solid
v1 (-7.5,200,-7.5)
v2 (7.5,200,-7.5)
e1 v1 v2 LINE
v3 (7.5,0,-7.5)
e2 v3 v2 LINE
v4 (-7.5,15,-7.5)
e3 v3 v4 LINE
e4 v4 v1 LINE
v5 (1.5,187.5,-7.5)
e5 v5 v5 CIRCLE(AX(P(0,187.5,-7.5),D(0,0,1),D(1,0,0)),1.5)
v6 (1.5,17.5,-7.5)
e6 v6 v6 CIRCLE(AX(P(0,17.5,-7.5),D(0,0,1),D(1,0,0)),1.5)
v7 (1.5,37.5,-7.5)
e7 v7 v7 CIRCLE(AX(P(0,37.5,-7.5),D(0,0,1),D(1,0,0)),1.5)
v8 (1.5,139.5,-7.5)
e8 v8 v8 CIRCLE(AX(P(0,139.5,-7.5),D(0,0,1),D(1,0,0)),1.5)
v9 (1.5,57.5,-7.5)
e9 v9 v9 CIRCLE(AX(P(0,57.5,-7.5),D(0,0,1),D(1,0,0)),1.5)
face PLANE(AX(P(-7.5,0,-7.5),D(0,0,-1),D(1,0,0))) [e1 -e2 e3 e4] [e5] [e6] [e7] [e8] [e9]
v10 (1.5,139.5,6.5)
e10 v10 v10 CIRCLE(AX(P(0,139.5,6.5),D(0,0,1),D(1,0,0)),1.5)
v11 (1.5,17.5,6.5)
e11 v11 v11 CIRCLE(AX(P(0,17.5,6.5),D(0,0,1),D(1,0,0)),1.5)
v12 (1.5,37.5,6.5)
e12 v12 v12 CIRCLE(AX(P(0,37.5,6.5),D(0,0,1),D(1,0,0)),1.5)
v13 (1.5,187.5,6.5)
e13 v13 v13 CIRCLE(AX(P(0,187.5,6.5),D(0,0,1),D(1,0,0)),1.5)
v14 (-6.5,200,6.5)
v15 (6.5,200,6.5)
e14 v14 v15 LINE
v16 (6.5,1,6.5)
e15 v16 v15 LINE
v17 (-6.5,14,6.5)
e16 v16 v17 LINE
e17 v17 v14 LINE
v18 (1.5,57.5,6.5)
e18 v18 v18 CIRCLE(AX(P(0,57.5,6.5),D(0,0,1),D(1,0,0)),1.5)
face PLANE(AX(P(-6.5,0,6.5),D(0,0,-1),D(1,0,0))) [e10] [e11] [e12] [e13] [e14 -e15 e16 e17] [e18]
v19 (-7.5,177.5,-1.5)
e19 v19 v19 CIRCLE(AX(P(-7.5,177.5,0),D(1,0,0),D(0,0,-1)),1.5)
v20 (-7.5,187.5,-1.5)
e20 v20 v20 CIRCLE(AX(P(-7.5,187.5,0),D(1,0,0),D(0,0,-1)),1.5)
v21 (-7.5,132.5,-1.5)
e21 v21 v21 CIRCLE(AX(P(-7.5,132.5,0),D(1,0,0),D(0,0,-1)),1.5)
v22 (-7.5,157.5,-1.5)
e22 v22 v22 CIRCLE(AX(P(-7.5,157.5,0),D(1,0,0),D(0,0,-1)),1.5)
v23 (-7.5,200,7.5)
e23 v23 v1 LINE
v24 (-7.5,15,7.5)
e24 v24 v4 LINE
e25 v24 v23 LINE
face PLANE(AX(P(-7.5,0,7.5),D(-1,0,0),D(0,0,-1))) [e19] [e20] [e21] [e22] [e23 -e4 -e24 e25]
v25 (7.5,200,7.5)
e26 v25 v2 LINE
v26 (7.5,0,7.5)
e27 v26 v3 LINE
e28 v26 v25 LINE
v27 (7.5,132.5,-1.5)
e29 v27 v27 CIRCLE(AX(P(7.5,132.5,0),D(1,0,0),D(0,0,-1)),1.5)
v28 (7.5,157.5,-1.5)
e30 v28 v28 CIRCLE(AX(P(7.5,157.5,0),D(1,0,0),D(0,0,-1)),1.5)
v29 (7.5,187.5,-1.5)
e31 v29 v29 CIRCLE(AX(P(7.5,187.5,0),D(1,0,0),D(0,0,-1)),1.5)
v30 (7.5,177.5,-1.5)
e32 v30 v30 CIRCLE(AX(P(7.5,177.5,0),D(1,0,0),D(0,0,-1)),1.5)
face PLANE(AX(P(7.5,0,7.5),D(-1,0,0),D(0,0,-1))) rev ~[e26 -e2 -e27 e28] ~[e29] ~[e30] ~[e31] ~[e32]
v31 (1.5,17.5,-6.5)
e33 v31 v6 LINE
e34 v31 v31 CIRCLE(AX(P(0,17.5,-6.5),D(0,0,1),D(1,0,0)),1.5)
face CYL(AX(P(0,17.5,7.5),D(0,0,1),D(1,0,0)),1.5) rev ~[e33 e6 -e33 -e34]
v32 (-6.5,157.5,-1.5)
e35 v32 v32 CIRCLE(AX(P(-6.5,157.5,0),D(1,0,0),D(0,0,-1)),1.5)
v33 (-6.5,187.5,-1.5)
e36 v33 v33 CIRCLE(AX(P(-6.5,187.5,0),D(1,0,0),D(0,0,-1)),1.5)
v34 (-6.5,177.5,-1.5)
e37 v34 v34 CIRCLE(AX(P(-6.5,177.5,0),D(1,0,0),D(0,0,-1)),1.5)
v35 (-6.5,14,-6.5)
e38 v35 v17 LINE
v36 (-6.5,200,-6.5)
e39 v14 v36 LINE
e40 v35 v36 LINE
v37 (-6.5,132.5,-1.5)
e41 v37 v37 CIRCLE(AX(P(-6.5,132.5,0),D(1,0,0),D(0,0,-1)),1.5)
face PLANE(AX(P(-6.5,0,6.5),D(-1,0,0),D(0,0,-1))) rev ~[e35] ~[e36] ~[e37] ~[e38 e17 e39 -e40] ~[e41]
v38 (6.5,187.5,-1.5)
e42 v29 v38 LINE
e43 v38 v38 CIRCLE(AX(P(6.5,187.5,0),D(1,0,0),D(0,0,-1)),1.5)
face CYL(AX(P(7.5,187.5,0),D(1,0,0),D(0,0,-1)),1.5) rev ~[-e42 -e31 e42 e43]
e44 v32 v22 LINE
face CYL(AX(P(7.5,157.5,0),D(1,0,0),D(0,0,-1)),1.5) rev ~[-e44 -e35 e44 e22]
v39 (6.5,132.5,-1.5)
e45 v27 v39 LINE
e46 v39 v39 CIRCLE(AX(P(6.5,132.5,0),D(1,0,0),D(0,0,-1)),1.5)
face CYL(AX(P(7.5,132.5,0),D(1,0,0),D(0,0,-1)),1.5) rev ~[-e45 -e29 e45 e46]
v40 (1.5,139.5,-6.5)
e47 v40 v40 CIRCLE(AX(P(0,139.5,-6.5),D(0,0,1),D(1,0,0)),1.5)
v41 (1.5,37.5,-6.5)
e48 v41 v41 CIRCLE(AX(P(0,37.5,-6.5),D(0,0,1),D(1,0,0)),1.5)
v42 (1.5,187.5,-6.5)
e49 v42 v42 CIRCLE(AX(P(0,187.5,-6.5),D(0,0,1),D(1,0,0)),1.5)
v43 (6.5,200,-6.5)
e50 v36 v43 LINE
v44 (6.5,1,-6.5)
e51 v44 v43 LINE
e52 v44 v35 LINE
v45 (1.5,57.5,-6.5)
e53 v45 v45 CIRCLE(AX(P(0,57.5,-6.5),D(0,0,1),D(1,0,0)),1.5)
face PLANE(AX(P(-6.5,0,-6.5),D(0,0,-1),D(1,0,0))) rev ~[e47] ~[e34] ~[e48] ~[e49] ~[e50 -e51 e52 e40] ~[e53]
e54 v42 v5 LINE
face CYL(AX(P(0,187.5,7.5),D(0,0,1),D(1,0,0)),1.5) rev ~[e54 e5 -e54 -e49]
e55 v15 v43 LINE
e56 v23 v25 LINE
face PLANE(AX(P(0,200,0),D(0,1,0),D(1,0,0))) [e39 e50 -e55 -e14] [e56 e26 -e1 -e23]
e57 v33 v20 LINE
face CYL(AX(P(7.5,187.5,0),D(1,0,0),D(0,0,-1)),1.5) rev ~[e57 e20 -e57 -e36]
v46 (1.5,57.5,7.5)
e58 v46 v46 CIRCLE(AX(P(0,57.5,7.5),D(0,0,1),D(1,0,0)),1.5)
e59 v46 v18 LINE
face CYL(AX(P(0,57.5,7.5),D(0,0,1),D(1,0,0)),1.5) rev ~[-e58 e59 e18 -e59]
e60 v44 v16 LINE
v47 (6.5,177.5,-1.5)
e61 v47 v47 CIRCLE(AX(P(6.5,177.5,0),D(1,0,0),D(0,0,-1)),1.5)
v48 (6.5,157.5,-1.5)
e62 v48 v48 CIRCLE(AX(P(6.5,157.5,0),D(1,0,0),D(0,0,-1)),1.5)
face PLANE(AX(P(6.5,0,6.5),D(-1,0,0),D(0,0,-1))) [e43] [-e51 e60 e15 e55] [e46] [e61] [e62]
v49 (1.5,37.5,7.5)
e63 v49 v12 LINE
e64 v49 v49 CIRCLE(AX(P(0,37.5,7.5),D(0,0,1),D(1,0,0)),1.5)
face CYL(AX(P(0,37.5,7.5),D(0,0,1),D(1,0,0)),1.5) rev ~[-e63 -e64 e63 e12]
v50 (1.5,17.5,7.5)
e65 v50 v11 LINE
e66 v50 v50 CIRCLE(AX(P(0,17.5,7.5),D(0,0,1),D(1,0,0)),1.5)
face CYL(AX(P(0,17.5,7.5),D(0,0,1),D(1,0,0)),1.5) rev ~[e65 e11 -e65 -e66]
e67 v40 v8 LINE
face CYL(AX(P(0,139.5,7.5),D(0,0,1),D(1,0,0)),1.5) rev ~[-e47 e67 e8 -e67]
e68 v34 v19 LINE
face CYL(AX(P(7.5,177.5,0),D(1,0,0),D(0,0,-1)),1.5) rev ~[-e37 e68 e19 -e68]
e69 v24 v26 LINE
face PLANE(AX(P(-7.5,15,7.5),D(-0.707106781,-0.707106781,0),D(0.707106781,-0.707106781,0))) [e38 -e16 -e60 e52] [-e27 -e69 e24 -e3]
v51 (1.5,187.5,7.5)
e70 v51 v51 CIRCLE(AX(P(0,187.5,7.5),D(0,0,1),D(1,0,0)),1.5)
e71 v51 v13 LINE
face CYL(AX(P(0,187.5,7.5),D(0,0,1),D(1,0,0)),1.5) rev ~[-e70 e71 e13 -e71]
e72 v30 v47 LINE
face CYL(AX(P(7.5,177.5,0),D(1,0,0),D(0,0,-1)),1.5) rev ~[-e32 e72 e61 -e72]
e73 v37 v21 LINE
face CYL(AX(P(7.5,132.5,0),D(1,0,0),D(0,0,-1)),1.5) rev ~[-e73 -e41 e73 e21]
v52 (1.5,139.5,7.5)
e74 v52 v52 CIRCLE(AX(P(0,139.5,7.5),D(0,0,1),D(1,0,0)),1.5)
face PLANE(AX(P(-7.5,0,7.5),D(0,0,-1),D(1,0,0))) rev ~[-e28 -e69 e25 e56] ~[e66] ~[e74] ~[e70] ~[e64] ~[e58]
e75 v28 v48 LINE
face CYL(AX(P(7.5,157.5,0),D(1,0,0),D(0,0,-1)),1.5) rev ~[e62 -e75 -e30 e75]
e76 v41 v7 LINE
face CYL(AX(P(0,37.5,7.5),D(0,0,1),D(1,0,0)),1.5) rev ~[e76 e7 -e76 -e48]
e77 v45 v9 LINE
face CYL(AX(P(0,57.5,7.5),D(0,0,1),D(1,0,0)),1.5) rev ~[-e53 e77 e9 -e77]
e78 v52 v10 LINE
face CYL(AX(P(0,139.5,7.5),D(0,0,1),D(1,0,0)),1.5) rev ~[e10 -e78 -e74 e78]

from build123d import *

# Parameters (mm, degrees)
SKETCH_1_W          = 15
SKETCH_1_H          = 15
SKETCH_1_W_2        = 13
SKETCH_1_H_2        = 13
EXTRUDE_1_DEPTH     = 200
SKETCH_2_R          = 1.5
CUT_EXTRUDE_1_DEPTH = 201.701893364
SKETCH_3_R          = 1.5
CUT_EXTRUDE_2_DEPTH = 201.701893364


with BuildPart() as part:
    # 草图1 → 凸台-拉伸1 (new body)
    with BuildSketch(Plane(origin=(0, 0, 0), x_dir=(1, 0, 0), z_dir=(0, 1, 0))):
        Rectangle(SKETCH_1_W, SKETCH_1_H)
        Rectangle(SKETCH_1_W_2, SKETCH_1_H_2, mode=Mode.SUBTRACT)
    extrude(amount=EXTRUDE_1_DEPTH)

    # 草图2 → 切除-拉伸1 (cut, through all)
    with BuildSketch(Plane.XY.offset(7.5)):
        with Locations((0, 37.5)):
            Circle(SKETCH_2_R)
        with Locations((0, 17.5)):
            Circle(SKETCH_2_R)
        with Locations((0, 57.5)):
            Circle(SKETCH_2_R)
        with Locations((0, 187.5)):
            Circle(SKETCH_2_R)
        with Locations((0, 139.5)):
            Circle(SKETCH_2_R)
        Polygon((7.5, 0), (-7.5, 0), (-7.5, 15), align=None)
    extrude(amount=-CUT_EXTRUDE_1_DEPTH, mode=Mode.SUBTRACT)

    # 草图3 → 切除-拉伸2 (cut, through all)
    with BuildSketch(Plane(origin=(7.5, 0, 0), x_dir=(0, 0, -1), z_dir=(1, 0, 0))):
        with Locations((0, 157.5)):
            Circle(SKETCH_3_R)
        with Locations((0, 177.5)):
            Circle(SKETCH_3_R)
        with Locations((0, 132.5)):
            Circle(SKETCH_3_R)
        with Locations((0, 187.5)):
            Circle(SKETCH_3_R)
    extrude(amount=-CUT_EXTRUDE_2_DEPTH, mode=Mode.SUBTRACT)


solid = part.part
